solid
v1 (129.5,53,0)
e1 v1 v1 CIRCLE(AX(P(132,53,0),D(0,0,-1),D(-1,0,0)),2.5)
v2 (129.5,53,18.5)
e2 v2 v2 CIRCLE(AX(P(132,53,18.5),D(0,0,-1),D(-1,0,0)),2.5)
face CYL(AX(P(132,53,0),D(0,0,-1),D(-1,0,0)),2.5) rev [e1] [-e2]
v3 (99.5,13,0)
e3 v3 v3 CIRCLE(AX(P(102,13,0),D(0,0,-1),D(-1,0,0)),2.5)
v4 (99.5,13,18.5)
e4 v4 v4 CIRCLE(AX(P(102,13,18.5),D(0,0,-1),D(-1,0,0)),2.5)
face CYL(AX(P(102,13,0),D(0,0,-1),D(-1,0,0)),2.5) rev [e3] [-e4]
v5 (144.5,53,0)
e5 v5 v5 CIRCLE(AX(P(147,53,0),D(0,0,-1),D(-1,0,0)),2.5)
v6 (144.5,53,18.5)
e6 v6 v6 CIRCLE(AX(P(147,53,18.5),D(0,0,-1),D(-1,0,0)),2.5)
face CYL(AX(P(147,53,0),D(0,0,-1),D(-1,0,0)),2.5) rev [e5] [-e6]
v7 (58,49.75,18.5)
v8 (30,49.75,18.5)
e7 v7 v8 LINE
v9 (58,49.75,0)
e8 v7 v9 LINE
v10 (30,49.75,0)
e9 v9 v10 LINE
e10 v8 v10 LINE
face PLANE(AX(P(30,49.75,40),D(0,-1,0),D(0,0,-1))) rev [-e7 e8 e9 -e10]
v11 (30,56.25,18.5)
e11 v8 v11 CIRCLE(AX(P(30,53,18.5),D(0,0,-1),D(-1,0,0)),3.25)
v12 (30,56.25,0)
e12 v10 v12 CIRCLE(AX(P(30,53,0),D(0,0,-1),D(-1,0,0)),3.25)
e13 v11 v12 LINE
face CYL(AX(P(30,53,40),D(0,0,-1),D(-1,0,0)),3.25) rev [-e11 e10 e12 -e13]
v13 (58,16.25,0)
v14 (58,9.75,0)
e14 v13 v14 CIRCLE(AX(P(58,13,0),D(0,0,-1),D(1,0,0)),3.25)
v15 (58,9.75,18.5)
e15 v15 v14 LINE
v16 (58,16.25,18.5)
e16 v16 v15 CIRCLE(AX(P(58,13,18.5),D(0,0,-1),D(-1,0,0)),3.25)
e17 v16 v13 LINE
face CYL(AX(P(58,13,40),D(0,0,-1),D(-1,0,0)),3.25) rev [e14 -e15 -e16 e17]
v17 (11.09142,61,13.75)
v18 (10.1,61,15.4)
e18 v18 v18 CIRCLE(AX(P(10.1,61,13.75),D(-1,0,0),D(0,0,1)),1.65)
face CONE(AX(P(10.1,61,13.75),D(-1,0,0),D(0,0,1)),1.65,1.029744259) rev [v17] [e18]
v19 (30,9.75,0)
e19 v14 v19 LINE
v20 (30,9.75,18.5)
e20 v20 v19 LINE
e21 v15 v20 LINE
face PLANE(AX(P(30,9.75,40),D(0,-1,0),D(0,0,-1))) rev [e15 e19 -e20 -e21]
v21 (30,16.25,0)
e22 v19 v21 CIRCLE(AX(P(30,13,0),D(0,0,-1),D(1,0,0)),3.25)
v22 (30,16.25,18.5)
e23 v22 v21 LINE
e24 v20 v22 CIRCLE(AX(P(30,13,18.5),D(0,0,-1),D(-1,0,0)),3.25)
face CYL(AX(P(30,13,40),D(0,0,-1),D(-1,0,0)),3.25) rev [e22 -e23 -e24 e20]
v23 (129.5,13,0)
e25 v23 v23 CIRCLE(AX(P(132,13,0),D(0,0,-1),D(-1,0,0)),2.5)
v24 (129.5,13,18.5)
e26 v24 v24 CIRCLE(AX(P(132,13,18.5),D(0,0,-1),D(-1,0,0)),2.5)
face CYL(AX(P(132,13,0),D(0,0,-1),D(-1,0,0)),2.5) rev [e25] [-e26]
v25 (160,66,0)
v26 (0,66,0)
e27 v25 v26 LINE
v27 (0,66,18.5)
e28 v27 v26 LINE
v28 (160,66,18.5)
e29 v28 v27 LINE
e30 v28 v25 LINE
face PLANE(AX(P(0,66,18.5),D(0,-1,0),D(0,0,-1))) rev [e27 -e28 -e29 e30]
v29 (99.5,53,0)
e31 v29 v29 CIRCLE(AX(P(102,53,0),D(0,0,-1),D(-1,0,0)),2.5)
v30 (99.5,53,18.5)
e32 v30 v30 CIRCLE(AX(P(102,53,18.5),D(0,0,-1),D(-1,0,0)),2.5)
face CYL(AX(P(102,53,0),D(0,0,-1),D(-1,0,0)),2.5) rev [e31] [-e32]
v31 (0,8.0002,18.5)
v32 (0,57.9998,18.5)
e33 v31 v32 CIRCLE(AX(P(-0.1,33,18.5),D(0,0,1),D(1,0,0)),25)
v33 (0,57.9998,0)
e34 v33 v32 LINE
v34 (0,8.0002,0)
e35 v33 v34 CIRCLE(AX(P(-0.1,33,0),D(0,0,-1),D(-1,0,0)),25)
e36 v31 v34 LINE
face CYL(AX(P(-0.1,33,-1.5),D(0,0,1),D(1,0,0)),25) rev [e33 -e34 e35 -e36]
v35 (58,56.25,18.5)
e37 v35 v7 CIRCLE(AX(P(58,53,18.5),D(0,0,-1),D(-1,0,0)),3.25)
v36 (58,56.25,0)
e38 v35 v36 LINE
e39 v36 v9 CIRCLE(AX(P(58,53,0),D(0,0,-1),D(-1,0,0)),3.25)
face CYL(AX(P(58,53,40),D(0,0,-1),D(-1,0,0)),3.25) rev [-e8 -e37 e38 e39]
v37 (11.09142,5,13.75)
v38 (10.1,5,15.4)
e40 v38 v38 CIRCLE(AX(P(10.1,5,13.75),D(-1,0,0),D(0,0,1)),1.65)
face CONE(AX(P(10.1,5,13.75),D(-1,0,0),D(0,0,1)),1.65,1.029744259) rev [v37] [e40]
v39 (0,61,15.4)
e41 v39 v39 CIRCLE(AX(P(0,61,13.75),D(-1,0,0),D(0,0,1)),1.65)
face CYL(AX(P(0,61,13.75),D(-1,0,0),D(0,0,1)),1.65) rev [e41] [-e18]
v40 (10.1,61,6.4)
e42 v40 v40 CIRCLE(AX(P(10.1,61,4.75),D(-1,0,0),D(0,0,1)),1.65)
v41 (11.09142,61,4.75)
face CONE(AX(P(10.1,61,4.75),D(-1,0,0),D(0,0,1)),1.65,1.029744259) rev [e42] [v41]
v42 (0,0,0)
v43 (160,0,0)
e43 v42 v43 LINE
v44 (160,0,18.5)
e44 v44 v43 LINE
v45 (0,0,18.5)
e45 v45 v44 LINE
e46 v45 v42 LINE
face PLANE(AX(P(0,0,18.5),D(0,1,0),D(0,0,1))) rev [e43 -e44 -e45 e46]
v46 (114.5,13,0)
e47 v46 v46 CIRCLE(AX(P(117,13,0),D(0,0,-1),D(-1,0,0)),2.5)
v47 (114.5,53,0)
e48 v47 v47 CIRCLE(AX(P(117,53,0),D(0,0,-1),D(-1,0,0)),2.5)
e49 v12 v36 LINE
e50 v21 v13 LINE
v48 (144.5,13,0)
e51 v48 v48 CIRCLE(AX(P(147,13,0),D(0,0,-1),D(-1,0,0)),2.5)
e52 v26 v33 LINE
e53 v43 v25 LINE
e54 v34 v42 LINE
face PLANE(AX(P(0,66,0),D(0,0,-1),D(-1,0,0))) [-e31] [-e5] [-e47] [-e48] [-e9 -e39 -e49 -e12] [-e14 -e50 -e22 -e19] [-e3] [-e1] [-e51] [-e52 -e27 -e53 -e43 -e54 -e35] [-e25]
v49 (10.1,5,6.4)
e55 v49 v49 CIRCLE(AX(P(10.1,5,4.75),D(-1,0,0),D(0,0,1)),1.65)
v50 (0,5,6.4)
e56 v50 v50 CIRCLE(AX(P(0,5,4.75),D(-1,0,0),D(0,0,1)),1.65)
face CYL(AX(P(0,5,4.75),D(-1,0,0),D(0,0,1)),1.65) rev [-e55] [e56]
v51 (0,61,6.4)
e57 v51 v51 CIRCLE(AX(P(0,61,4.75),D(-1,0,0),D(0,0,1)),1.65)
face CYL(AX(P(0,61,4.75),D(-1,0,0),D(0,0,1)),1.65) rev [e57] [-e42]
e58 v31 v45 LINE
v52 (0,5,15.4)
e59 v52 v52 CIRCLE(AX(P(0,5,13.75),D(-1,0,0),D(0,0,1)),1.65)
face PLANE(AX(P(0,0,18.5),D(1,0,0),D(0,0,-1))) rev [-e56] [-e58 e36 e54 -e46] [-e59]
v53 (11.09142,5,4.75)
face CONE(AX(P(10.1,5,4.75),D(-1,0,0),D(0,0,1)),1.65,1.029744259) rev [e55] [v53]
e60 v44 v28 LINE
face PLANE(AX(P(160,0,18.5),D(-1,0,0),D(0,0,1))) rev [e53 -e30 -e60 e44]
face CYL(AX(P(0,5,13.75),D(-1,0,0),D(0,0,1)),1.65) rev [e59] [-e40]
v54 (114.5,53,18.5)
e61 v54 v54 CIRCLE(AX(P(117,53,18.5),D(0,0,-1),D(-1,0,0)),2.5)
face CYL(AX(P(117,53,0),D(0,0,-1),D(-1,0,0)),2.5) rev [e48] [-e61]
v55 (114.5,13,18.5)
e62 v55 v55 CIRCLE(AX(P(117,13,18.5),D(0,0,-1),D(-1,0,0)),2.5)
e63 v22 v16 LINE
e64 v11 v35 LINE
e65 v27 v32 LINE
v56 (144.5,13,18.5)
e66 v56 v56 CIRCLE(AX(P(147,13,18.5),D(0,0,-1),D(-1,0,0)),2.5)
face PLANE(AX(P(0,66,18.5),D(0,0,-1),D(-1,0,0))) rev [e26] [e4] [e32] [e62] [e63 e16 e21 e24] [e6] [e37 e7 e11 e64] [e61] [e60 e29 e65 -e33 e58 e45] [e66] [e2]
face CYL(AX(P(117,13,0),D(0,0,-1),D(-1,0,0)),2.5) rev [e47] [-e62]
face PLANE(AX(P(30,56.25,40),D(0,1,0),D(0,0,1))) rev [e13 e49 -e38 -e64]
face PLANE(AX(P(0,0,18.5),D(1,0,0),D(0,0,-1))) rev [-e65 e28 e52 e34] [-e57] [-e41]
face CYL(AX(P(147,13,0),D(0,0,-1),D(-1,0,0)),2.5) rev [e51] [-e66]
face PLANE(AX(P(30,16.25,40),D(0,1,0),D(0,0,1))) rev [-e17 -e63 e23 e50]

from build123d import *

# Parameters (mm, degrees)
SKETCH_1_W             = 160
SKETCH_1_H             = 66
EXTRUDE_1_DEPTH        = 18.5
SKETCH_2_R             = 25
CUT_EXTRUDE_1_DEPTH    = 20
HOLE_WIZARD_M6_1_D     = 5
PATTERN_LINEAR_1_COUNT = 4
PATTERN_LINEAR_1_PITCH = 15
CUT_EXTRUDE_4_DEPTH    = 40
HOLE_WIZARD_M4_1_D     = 3.3
HOLE_WIZARD_M4_1_DEPTH = 10.1
HOLE_WIZARD_M4_1_TIP   = 0.991420021


with BuildPart() as part:
    # 草图1 → 凸台-拉伸1 (new body)
    with BuildSketch(Plane.XY):
        with Locations((80, 33)):
            Rectangle(SKETCH_1_W, SKETCH_1_H)
    extrude(amount=EXTRUDE_1_DEPTH)

    # 草图2 → 切除-拉伸1 (cut)
    with BuildSketch(Plane.XY.offset(18.5)):
        with Locations((-0.1, 33)):
            Circle(SKETCH_2_R)
    extrude(amount=-CUT_EXTRUDE_1_DEPTH, mode=Mode.SUBTRACT)

    # M6 螺纹孔1 (through all)
    with Locations(Plane(origin=(0, 0, 0), x_dir=(-1, 0, 0), z_dir=(0, 0, -1))):
        with Locations((-147, 53), (-147, 13)):
            hole_wizard_m6_1 = Hole(HOLE_WIZARD_M6_1_D / 2)

    # 阵列(线性)1: M6 螺纹孔1 ×4
    with Locations(*[(-i * PATTERN_LINEAR_1_PITCH, 0, 0) for i in range(1, PATTERN_LINEAR_1_COUNT)]):
        add(hole_wizard_m6_1, mode=Mode.SUBTRACT)

    # 草图7 → 切除-拉伸4 (cut)
    with BuildSketch(Plane(origin=(0, 0, 0), x_dir=(-1, 0, 0), z_dir=(0, 0, -1))):
        with BuildLine():
            Line((-30, 49.75), (-58, 49.75))
            ThreePointArc((-58, 49.75), (-61.25, 53), (-58, 56.25))
            Line((-58, 56.25), (-30, 56.25))
            ThreePointArc((-30, 56.25), (-26.75, 53), (-30, 49.75))
        make_face()
        with BuildLine():
            Line((-30, 16.25), (-58, 16.25))
            ThreePointArc((-58, 16.25), (-61.25, 13), (-58, 9.75))
            Line((-58, 9.75), (-30, 9.75))
            ThreePointArc((-30, 9.75), (-26.75, 13), (-30, 16.25))
        make_face()
    extrude(amount=-CUT_EXTRUDE_4_DEPTH, mode=Mode.SUBTRACT)

    # M4 螺纹孔1
    with Locations(Plane.ZY):
        with Locations((4.75, 5), (13.75, 5), (4.75, 61), (13.75, 61)):
            Hole(HOLE_WIZARD_M4_1_D / 2, depth=HOLE_WIZARD_M4_1_DEPTH)
            with Locations((0, 0, -(HOLE_WIZARD_M4_1_DEPTH + HOLE_WIZARD_M4_1_TIP / 2))):  # 118° drill point
                Cone(0, HOLE_WIZARD_M4_1_D / 2, HOLE_WIZARD_M4_1_TIP, mode=Mode.SUBTRACT)


solid = part.part
